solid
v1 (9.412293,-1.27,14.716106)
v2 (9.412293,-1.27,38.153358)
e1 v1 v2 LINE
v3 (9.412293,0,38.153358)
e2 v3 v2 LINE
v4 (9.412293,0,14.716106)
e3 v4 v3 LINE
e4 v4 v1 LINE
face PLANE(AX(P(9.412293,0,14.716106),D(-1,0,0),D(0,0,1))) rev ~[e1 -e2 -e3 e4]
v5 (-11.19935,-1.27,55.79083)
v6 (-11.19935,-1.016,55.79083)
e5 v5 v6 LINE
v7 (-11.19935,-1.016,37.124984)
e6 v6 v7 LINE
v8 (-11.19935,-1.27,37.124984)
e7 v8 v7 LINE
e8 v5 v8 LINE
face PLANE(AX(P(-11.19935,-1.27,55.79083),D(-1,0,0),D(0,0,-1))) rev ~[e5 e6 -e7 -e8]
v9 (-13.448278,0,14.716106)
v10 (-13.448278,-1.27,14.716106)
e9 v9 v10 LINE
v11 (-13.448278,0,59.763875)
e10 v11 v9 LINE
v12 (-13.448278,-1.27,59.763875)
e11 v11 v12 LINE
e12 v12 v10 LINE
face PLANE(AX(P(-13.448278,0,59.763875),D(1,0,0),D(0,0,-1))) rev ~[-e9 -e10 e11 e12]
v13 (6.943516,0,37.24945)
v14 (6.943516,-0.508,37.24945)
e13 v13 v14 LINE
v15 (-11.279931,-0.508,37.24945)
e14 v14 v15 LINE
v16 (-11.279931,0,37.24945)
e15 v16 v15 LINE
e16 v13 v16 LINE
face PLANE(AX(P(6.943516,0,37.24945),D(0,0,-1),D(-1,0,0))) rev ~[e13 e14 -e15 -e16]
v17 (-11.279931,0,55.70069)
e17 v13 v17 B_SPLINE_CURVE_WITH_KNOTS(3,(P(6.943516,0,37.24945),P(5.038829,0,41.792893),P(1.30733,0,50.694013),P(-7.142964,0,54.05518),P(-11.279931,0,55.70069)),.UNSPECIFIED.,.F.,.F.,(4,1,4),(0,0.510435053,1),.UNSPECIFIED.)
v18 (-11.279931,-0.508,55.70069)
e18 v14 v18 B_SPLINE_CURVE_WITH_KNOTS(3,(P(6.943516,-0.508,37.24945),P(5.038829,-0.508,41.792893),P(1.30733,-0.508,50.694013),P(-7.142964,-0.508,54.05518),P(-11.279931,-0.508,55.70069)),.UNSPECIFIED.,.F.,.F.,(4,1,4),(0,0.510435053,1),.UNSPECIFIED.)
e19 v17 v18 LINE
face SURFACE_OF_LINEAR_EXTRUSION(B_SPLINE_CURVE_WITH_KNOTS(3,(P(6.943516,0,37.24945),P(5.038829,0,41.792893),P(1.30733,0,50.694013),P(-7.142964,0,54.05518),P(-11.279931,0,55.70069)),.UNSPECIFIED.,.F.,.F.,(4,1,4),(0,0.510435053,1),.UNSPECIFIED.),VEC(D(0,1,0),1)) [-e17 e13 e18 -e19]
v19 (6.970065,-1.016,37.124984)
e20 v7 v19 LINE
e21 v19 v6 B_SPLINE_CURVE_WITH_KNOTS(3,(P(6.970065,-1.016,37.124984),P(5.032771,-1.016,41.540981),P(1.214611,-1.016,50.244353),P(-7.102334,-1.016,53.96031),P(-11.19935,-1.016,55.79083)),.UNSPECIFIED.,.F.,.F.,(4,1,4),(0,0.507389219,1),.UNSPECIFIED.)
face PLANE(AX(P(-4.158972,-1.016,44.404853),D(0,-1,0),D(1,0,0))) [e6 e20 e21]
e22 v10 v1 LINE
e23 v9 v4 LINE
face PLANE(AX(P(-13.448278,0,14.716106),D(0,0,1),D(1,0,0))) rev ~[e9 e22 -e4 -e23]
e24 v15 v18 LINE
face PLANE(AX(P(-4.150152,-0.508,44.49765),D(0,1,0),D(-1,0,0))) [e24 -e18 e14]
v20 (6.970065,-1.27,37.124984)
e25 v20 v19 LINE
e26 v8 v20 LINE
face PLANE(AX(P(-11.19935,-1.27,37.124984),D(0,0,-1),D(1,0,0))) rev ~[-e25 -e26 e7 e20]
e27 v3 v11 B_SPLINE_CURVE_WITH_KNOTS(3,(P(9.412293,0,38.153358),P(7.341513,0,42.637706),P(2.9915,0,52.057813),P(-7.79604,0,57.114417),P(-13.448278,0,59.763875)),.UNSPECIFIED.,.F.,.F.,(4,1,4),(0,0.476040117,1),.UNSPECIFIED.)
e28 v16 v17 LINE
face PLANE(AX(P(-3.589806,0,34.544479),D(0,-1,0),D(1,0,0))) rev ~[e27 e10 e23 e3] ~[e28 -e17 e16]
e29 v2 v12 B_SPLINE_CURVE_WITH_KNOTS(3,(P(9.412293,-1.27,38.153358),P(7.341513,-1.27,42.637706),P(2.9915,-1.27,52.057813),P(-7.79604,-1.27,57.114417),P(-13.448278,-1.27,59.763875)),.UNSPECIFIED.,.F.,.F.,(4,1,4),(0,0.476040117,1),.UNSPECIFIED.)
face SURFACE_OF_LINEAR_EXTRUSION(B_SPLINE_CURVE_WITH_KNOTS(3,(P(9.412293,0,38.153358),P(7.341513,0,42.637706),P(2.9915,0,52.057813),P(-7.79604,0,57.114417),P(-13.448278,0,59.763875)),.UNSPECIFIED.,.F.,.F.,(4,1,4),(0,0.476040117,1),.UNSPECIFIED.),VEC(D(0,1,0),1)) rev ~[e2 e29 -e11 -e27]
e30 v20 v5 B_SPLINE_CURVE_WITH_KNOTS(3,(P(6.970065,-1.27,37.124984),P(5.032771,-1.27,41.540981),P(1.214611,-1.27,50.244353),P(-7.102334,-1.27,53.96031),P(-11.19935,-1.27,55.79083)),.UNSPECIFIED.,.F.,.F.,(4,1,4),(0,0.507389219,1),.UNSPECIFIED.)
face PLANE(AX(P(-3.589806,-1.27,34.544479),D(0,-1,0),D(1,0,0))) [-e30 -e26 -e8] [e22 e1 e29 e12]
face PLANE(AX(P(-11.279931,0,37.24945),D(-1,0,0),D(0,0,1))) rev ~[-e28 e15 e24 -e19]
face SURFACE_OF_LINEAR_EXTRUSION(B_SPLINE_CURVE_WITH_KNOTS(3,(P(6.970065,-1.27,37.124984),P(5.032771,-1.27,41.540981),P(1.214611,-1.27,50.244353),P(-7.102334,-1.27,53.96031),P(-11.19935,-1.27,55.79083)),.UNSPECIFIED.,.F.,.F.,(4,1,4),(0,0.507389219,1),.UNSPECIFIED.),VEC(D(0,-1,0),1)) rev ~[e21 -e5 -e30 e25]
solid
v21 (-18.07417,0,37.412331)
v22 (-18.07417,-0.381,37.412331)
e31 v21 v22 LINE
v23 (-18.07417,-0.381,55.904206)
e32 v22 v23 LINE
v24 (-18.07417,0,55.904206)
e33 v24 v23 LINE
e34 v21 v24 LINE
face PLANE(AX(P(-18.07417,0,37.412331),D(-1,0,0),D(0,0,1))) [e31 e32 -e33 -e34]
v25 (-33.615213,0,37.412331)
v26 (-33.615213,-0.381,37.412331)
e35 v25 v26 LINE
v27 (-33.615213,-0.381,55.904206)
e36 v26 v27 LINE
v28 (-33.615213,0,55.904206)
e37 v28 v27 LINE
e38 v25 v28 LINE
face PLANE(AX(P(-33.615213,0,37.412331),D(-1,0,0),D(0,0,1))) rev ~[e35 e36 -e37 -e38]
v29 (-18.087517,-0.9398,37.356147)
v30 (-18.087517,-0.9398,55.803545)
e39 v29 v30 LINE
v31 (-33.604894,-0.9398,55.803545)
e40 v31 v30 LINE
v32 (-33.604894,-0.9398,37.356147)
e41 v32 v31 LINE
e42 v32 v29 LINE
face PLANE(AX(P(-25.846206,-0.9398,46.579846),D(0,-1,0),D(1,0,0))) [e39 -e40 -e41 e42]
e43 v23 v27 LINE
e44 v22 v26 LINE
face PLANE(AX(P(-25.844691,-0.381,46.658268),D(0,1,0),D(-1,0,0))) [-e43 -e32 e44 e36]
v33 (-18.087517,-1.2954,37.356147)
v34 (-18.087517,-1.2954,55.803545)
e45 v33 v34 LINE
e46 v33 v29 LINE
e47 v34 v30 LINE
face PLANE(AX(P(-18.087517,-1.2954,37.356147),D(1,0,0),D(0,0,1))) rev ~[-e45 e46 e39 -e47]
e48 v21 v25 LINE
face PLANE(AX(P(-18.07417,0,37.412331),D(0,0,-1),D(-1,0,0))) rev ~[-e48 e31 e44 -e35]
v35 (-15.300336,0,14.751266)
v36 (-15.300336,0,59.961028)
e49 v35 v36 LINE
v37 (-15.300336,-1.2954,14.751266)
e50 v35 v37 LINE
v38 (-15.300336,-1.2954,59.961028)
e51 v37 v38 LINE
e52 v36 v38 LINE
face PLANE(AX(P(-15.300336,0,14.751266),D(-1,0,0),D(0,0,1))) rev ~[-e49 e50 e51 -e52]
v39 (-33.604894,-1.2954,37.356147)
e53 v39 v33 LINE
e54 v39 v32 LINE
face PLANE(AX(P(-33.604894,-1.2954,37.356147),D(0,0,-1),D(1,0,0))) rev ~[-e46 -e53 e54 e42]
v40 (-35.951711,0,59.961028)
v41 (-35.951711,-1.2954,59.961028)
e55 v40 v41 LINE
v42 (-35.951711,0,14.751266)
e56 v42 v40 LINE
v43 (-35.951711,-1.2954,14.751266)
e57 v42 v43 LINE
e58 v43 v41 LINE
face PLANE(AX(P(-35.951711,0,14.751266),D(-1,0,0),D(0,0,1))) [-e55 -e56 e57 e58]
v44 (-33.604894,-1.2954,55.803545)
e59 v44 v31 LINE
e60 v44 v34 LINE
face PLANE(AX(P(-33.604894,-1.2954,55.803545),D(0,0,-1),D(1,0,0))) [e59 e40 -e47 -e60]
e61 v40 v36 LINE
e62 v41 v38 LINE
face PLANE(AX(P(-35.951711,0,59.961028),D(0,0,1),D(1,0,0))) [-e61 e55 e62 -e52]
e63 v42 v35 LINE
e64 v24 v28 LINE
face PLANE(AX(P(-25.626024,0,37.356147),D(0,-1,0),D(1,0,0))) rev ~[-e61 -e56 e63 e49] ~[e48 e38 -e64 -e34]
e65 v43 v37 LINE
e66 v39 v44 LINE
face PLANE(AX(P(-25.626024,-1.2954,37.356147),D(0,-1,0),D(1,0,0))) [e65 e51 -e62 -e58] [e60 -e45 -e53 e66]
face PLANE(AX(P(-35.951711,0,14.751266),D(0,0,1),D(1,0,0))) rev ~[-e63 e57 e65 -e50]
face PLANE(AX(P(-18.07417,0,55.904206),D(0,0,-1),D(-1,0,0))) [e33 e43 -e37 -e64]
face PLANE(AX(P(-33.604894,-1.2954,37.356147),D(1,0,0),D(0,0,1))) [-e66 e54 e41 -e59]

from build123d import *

# Parameters (mm, degrees)
F0_W      = 20.6513749436
F0_H      = 45.2097626403
F1_DEPTH  = 1.2954
F2_W      = 15.5173763633
F2_H      = 18.4473977424
F3_DEPTH  = 0.3556
F5_DEPTH  = 1.27
F7_DEPTH  = 0.254
F8_W      = 15.5410431325
F8_H      = 18.4918753803
F9_DEPTH  = 0.381
F11_DEPTH = 0.508


with BuildPart() as f1:
    # F0 (on Front) → F1 (new body)
    with BuildSketch(Plane.XZ):
        with Locations((-25.6260237657, 37.3561470769)):
            Rectangle(F0_W, F0_H)
    extrude(amount=F1_DEPTH)

    # F2 (on face) → F3 (cut)
    with BuildSketch(Plane.XZ.offset(1.2954)):
        with Locations((-25.8462056518, 46.5798459481)):
            Rectangle(F2_W, F2_H)
    extrude(amount=-F3_DEPTH, mode=Mode.SUBTRACT)

    # F8 (on face) → F9 (cut)
    with BuildSketch(Plane(origin=(0, 0, 0), x_dir=(-1, 0, 0), z_dir=(0, 1, 0))):
        with Locations((25.8446913213, 46.6582681984)):
            Rectangle(F8_W, F8_H)
    extrude(amount=-F9_DEPTH, mode=Mode.SUBTRACT)


with BuildPart() as f5:
    # F4 (on Front) → F5 (new body)
    with BuildSketch(Plane.XZ):
        with BuildLine():
            add(Edge.make_bspline(
                [(9.4122933224, 38.1533578038), (7.3415128605, 42.6377063389), (2.9915003574, 52.0578126972), (-7.7960400253, 57.1144170399), (-13.4482784197, 59.7638748586)],
                knots=[0, 0, 0, 0, 0.4760401172, 1, 1, 1, 1], degree=3))
            Line((-13.4482784197, 59.7638748586), (-13.4482784197, 14.7161055356))
            Line((-13.4482784197, 14.7161055356), (9.4122933224, 14.7161055356))
            Line((9.4122933224, 14.7161055356), (9.4122933224, 38.1533578038))
        make_face()
    extrude(amount=F5_DEPTH)

    # F6 (on face) → F7 (cut)
    with BuildSketch(Plane.XZ.offset(1.27)):
        with BuildLine():
            add(Edge.make_bspline(
                [(6.9700647146, 37.1249839664), (5.0327711758, 41.5409809715), (1.2146105452, 50.2443527487), (-7.1023339447, 53.9603098649), (-11.1993504688, 55.7908304036)],
                knots=[0, 0, 0, 0, 0.5073892186, 1, 1, 1, 1], degree=3))
            Line((-11.1993504688, 55.7908304036), (-11.1993504688, 37.1249839664))
            Line((-11.1993504688, 37.1249839664), (6.9700647146, 37.1249839664))
        make_face()
    extrude(amount=-F7_DEPTH, mode=Mode.SUBTRACT)

    # F10 (on face) → F11 (cut)
    with BuildSketch(Plane(origin=(0, 0, 0), x_dir=(-1, 0, 0), z_dir=(0, 1, 0))):
        with BuildLine():
            Line((11.2799312919, 37.2494496405), (11.2799312919, 55.7006895542))
            add(Edge.make_bspline(
                [(-6.9435159676, 37.2494496405), (-5.038828544, 41.7928932275), (-1.3073304569, 50.6940130879), (7.1429635524, 54.0551800354), (11.2799312919, 55.7006895542)],
                knots=[0, 0, 0, 0, 0.5104350529, 1, 1, 1, 1], degree=3))
            Line((-6.9435159676, 37.2494496405), (11.2799312919, 37.2494496405))
        make_face()
    extrude(amount=-F11_DEPTH, mode=Mode.SUBTRACT)


solid = Compound([f1.part, f5.part])
